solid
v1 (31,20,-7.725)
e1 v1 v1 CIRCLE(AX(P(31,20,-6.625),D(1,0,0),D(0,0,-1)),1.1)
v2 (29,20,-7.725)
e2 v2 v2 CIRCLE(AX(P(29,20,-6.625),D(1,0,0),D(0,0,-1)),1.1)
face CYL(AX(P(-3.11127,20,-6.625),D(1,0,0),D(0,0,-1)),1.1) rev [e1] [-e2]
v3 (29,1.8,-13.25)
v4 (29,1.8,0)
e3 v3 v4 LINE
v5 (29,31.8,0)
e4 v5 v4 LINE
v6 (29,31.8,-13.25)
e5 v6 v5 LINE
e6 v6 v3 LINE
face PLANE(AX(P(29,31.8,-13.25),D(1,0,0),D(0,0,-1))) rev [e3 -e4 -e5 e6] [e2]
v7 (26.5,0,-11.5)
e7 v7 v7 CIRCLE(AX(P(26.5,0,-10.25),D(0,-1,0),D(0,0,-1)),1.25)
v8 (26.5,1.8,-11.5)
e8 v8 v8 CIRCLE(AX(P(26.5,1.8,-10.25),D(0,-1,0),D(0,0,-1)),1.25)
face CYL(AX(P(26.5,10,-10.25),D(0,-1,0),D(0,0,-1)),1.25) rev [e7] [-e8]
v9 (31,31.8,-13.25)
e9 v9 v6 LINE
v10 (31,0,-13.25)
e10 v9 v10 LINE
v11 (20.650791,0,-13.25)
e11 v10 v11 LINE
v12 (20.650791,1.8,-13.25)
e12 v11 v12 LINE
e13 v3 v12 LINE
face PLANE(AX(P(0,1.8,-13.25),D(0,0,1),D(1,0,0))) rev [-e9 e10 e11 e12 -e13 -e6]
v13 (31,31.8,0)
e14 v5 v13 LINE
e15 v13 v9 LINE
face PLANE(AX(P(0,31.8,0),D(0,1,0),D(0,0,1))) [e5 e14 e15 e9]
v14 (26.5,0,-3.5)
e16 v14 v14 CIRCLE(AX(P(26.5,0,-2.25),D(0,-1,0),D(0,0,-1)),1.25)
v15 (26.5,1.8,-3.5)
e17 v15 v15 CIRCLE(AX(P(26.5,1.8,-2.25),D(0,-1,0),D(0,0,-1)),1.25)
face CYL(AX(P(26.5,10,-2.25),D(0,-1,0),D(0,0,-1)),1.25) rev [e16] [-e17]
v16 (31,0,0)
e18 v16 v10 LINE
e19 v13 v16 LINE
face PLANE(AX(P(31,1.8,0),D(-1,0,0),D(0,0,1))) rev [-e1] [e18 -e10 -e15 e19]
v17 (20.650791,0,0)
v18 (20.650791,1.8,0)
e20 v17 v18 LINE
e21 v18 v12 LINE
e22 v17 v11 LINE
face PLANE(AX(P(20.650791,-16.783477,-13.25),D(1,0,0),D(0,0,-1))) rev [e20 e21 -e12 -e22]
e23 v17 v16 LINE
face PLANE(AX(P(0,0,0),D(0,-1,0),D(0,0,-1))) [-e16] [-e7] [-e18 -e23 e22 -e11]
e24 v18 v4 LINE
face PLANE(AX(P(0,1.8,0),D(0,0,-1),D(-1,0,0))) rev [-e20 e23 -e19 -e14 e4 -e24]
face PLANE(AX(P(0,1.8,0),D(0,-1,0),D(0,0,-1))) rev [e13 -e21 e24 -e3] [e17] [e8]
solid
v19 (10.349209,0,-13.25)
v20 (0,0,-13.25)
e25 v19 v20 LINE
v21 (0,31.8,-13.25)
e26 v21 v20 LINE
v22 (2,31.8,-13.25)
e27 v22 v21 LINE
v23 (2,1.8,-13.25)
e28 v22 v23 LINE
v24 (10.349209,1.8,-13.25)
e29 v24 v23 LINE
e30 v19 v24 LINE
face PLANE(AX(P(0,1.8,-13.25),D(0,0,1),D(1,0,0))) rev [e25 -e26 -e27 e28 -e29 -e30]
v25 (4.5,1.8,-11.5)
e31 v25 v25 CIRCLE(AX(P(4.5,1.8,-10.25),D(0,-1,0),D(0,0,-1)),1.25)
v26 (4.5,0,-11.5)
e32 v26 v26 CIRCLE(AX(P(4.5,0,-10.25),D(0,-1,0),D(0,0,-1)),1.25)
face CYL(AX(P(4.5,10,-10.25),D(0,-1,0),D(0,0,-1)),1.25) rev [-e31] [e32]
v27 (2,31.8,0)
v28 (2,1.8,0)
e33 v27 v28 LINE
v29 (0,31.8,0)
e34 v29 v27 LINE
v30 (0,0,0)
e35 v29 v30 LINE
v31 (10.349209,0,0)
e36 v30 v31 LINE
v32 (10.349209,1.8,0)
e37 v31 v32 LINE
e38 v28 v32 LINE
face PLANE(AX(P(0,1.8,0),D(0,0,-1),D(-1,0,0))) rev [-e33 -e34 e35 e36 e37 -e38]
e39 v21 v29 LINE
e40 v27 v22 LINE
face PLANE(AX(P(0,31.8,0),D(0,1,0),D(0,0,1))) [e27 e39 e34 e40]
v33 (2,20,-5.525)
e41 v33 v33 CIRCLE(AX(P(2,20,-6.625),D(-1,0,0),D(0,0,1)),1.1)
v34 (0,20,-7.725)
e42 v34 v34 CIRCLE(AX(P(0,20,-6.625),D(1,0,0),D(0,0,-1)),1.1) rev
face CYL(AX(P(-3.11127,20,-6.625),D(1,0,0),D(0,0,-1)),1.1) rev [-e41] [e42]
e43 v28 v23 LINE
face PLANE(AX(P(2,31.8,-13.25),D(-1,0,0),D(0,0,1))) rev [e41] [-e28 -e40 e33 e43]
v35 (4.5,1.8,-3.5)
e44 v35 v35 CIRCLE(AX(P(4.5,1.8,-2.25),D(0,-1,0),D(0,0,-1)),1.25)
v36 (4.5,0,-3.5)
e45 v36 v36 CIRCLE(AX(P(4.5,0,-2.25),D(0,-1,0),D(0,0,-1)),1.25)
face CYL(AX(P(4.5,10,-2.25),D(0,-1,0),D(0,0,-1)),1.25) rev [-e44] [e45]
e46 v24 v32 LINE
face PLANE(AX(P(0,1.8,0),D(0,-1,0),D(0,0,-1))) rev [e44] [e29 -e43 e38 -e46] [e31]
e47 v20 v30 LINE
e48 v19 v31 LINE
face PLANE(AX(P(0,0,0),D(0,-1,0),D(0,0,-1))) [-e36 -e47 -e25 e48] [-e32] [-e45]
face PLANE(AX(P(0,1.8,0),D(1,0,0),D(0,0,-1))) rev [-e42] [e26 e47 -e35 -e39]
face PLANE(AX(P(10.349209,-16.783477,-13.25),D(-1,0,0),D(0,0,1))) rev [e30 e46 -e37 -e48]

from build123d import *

# Parameters (mm, degrees)
SKETCH1_W             = 31
SKETCH1_H             = 13.25
SKETCH1_R             = 1.25
BOSS_EXTRUDE1_DEPTH   = 1.8
SKETCH4_R             = 1.25
BOSS_EXTRUDE2_DEPTH   = 5
BOSS_EXTRUDE2_2_DEPTH = 5
BOSS_EXTRUDE2_3_DEPTH = 5
BOSS_EXTRUDE2_4_DEPTH = 5
SKETCH4_4_R           = 1.25
BOSS_EXTRUDE4_DEPTH   = 1.8
SKETCH2_W             = 2
SKETCH2_H             = 13.25
BOSS_EXTRUDE5_DEPTH   = 30
SKETCH6_W             = 10.301582584
SKETCH6_H             = 13.25
CUT_EXTRUDE1_DEPTH    = 1.8
CUT_EXTRUDE2_START    = -31
SKETCH7_R             = 1.1
CUT_EXTRUDE2_DEPTH    = 31
SKETCH4_5_R           = 1.25
CUT_EXTRUDE3_DEPTH    = 10


with BuildPart() as part:
    # Sketch1 → Boss-Extrude1 (new body)
    with BuildSketch(Plane(origin=(0, 0, 0), x_dir=(1, 0, 0), z_dir=(0, 1, 0))):
        with Locations((15.5, 6.625)):
            Rectangle(SKETCH1_W, SKETCH1_H)
        with Locations(Location((4.5, 2.25, 0), (0, 0, 270))):
            Circle(SKETCH1_R, mode=Mode.SUBTRACT)
        with Locations(Location((26.5, 2.25, 0), (0, 0, 270))):
            Circle(SKETCH1_R, mode=Mode.SUBTRACT)
        with Locations(Location((26.5, 10.25, 0), (0, 0, 90))):
            Circle(SKETCH1_R, mode=Mode.SUBTRACT)
        with Locations(Location((4.5, 10.25, 0), (0, 0, 90))):
            Circle(SKETCH1_R, mode=Mode.SUBTRACT)
    extrude(amount=BOSS_EXTRUDE1_DEPTH)



with BuildPart() as body_2:
    # Sketch4 → Boss-Extrude2 (new body)
    with BuildSketch(Plane.XZ):
        with Locations(Location((4.5, -2.25, 0), (0, 0, 90))):
            Circle(SKETCH4_R)
    extrude(amount=BOSS_EXTRUDE2_DEPTH)


with BuildPart() as body_3:
    # Sketch4 → Boss-Extrude2 2 (new body)
    with BuildSketch(Plane.XZ):
        with Locations(Location((26.5, -2.25, 0), (0, 0, 90))):
            Circle(SKETCH4_R)
    extrude(amount=BOSS_EXTRUDE2_2_DEPTH)


with BuildPart() as body_4:
    # Sketch4 → Boss-Extrude2 3 (new body)
    with BuildSketch(Plane.XZ):
        with Locations(Location((26.5, -10.25, 0), (0, 0, 270))):
            Circle(SKETCH4_R)
    extrude(amount=BOSS_EXTRUDE2_3_DEPTH)


with BuildPart() as body_5:
    # Sketch4 → Boss-Extrude2 4 (new body)
    with BuildSketch(Plane.XZ):
        with Locations(Location((4.5, -10.25, 0), (0, 0, 270))):
            Circle(SKETCH4_R)
    extrude(amount=BOSS_EXTRUDE2_4_DEPTH)


with BuildPart() as part_1:
    add(part.part)

    add(body_2.part)  # Boss-Extrude4 merges body 2

    add(body_3.part)  # Boss-Extrude4 merges body 3

    add(body_4.part)  # Boss-Extrude4 merges body 4

    add(body_5.part)  # Boss-Extrude4 merges body 5
    # Sketch4<4> → Boss-Extrude4 (add)
    with BuildSketch(Plane.XZ):
        with Locations(Location((4.5, -2.25, 0), (0, 0, 270))):
            Circle(SKETCH4_4_R)
        with Locations(Location((26.5, -2.25, 0), (0, 0, 270))):
            Circle(SKETCH4_4_R)
        with Locations(Location((26.5, -10.25, 0), (0, 0, 270))):
            Circle(SKETCH4_4_R)
        with Locations(Location((4.5, -10.25, 0), (0, 0, 270))):
            Circle(SKETCH4_4_R)
    extrude(amount=-BOSS_EXTRUDE4_DEPTH)

    # Sketch2 → Boss-Extrude5 (add)
    with BuildSketch(Plane(origin=(0, 1.8, 0), x_dir=(1, 0, 0), z_dir=(0, 1, 0))):
        with Locations((1, 6.625)):
            Rectangle(SKETCH2_W, SKETCH2_H)
        with Locations((30, 6.625)):
            Rectangle(SKETCH2_W, SKETCH2_H)
    extrude(amount=BOSS_EXTRUDE5_DEPTH)

    # Sketch6 → Cut-Extrude1 (cut)
    with BuildSketch(Plane(origin=(0, 1.8, 0), x_dir=(1, 0, 0), z_dir=(0, 1, 0))):
        with Locations((15.5, 6.625)):
            Rectangle(SKETCH6_W, SKETCH6_H)
    extrude(amount=-CUT_EXTRUDE1_DEPTH, mode=Mode.SUBTRACT)


with BuildPart() as cut_extrude1_piece_1:
    # of the separate pieces the step leaves, piece 1, a body of its own (cut_extrude1_pieces)
    add(part_1.part.solids().sort_by_distance((0, 31.8, 0))[0])


with BuildPart() as cut_extrude1_piece_2:
    # of the separate pieces the step leaves, piece 2, a body of its own (cut_extrude1_pieces)
    add(part_1.part.solids().sort_by_distance((20.650791292, 0, 0))[0])


with BuildPart() as cut_extrude2_tool:
    # Sketch7 → Cut-Extrude2 (new body)
    with BuildSketch(Plane(origin=(31, 0, 0), x_dir=(0, 0, -1), z_dir=(1, 0, 0)).offset(CUT_EXTRUDE2_START)):
        with Locations((6.625, 20)):
            Circle(SKETCH7_R)
    extrude(amount=CUT_EXTRUDE2_DEPTH)


with BuildPart() as cut_extrude1_piece_1_1:
    add(cut_extrude1_piece_1.part)

    # Cut-Extrude2: cut by cut_extrude2_tool
    add(cut_extrude2_tool.part, mode=Mode.SUBTRACT)


with BuildPart() as cut_extrude1_piece_2_1:
    add(cut_extrude1_piece_2.part)

    # Cut-Extrude2: cut by cut_extrude2_tool
    add(cut_extrude2_tool.part, mode=Mode.SUBTRACT)


with BuildPart() as cut_extrude3_tool:
    # Sketch4<5> → Cut-Extrude3 (new body)
    with BuildSketch(Plane.XZ):
        with Locations(Location((4.5, -2.25, 0), (0, 0, 270))):
            Circle(SKETCH4_5_R)
        with Locations(Location((26.5, -2.25, 0), (0, 0, 270))):
            Circle(SKETCH4_5_R)
        with Locations(Location((26.5, -10.25, 0), (0, 0, 270))):
            Circle(SKETCH4_5_R)
        with Locations(Location((4.5, -10.25, 0), (0, 0, 270))):
            Circle(SKETCH4_5_R)
    extrude(amount=-CUT_EXTRUDE3_DEPTH)


with BuildPart() as cut_extrude1_piece_1_2:
    add(cut_extrude1_piece_1_1.part)

    # Cut-Extrude3: cut by cut_extrude3_tool
    add(cut_extrude3_tool.part, mode=Mode.SUBTRACT)


with BuildPart() as cut_extrude1_piece_2_2:
    add(cut_extrude1_piece_2_1.part)

    # Cut-Extrude3: cut by cut_extrude3_tool
    add(cut_extrude3_tool.part, mode=Mode.SUBTRACT)


with BuildPart() as cut_extrude3_piece_1:
    # of the separate pieces the step leaves, piece 1, a body of its own (cut_extrude3_pieces)
    add(cut_extrude1_piece_1_2.part.solids().sort_by_distance((0, 31.8, 0))[0])


with BuildPart() as cut_extrude3_piece_2:
    # of the separate pieces the step leaves, piece 2, a body of its own (cut_extrude3_pieces)
    add(cut_extrude1_piece_1_2.part.solids().sort_by_distance((4.5, -5, -11.5))[0])


with BuildPart() as cut_extrude3_piece_3:
    # of the separate pieces the step leaves, piece 3, a body of its own (cut_extrude3_pieces)
    add(cut_extrude1_piece_1_2.part.solids().sort_by_distance((4.5, -5, -1))[0])


with BuildPart() as cut_extrude3_piece_1_of_cut_extrude1_pie:
    # of the separate pieces the step leaves, piece 1, a body of its own (cut_extrude3_pieces_of_cut_extrude1_piec)
    add(cut_extrude1_piece_2_2.part.solids().sort_by_distance((20.650791292, 0, 0))[0])


with BuildPart() as cut_extrude3_piece_2_of_cut_extrude1_pie:
    # of the separate pieces the step leaves, piece 2, a body of its own (cut_extrude3_pieces_of_cut_extrude1_piec)
    add(cut_extrude1_piece_2_2.part.solids().sort_by_distance((26.5, -5, -11.5))[0])


with BuildPart() as cut_extrude3_piece_3_of_cut_extrude1_pie:
    # of the separate pieces the step leaves, piece 3, a body of its own (cut_extrude3_pieces_of_cut_extrude1_piec)
    add(cut_extrude1_piece_2_2.part.solids().sort_by_distance((26.5, -5, -1))[0])


solid = Compound([cut_extrude3_piece_1.part, cut_extrude3_piece_1_of_cut_extrude1_pie.part])
